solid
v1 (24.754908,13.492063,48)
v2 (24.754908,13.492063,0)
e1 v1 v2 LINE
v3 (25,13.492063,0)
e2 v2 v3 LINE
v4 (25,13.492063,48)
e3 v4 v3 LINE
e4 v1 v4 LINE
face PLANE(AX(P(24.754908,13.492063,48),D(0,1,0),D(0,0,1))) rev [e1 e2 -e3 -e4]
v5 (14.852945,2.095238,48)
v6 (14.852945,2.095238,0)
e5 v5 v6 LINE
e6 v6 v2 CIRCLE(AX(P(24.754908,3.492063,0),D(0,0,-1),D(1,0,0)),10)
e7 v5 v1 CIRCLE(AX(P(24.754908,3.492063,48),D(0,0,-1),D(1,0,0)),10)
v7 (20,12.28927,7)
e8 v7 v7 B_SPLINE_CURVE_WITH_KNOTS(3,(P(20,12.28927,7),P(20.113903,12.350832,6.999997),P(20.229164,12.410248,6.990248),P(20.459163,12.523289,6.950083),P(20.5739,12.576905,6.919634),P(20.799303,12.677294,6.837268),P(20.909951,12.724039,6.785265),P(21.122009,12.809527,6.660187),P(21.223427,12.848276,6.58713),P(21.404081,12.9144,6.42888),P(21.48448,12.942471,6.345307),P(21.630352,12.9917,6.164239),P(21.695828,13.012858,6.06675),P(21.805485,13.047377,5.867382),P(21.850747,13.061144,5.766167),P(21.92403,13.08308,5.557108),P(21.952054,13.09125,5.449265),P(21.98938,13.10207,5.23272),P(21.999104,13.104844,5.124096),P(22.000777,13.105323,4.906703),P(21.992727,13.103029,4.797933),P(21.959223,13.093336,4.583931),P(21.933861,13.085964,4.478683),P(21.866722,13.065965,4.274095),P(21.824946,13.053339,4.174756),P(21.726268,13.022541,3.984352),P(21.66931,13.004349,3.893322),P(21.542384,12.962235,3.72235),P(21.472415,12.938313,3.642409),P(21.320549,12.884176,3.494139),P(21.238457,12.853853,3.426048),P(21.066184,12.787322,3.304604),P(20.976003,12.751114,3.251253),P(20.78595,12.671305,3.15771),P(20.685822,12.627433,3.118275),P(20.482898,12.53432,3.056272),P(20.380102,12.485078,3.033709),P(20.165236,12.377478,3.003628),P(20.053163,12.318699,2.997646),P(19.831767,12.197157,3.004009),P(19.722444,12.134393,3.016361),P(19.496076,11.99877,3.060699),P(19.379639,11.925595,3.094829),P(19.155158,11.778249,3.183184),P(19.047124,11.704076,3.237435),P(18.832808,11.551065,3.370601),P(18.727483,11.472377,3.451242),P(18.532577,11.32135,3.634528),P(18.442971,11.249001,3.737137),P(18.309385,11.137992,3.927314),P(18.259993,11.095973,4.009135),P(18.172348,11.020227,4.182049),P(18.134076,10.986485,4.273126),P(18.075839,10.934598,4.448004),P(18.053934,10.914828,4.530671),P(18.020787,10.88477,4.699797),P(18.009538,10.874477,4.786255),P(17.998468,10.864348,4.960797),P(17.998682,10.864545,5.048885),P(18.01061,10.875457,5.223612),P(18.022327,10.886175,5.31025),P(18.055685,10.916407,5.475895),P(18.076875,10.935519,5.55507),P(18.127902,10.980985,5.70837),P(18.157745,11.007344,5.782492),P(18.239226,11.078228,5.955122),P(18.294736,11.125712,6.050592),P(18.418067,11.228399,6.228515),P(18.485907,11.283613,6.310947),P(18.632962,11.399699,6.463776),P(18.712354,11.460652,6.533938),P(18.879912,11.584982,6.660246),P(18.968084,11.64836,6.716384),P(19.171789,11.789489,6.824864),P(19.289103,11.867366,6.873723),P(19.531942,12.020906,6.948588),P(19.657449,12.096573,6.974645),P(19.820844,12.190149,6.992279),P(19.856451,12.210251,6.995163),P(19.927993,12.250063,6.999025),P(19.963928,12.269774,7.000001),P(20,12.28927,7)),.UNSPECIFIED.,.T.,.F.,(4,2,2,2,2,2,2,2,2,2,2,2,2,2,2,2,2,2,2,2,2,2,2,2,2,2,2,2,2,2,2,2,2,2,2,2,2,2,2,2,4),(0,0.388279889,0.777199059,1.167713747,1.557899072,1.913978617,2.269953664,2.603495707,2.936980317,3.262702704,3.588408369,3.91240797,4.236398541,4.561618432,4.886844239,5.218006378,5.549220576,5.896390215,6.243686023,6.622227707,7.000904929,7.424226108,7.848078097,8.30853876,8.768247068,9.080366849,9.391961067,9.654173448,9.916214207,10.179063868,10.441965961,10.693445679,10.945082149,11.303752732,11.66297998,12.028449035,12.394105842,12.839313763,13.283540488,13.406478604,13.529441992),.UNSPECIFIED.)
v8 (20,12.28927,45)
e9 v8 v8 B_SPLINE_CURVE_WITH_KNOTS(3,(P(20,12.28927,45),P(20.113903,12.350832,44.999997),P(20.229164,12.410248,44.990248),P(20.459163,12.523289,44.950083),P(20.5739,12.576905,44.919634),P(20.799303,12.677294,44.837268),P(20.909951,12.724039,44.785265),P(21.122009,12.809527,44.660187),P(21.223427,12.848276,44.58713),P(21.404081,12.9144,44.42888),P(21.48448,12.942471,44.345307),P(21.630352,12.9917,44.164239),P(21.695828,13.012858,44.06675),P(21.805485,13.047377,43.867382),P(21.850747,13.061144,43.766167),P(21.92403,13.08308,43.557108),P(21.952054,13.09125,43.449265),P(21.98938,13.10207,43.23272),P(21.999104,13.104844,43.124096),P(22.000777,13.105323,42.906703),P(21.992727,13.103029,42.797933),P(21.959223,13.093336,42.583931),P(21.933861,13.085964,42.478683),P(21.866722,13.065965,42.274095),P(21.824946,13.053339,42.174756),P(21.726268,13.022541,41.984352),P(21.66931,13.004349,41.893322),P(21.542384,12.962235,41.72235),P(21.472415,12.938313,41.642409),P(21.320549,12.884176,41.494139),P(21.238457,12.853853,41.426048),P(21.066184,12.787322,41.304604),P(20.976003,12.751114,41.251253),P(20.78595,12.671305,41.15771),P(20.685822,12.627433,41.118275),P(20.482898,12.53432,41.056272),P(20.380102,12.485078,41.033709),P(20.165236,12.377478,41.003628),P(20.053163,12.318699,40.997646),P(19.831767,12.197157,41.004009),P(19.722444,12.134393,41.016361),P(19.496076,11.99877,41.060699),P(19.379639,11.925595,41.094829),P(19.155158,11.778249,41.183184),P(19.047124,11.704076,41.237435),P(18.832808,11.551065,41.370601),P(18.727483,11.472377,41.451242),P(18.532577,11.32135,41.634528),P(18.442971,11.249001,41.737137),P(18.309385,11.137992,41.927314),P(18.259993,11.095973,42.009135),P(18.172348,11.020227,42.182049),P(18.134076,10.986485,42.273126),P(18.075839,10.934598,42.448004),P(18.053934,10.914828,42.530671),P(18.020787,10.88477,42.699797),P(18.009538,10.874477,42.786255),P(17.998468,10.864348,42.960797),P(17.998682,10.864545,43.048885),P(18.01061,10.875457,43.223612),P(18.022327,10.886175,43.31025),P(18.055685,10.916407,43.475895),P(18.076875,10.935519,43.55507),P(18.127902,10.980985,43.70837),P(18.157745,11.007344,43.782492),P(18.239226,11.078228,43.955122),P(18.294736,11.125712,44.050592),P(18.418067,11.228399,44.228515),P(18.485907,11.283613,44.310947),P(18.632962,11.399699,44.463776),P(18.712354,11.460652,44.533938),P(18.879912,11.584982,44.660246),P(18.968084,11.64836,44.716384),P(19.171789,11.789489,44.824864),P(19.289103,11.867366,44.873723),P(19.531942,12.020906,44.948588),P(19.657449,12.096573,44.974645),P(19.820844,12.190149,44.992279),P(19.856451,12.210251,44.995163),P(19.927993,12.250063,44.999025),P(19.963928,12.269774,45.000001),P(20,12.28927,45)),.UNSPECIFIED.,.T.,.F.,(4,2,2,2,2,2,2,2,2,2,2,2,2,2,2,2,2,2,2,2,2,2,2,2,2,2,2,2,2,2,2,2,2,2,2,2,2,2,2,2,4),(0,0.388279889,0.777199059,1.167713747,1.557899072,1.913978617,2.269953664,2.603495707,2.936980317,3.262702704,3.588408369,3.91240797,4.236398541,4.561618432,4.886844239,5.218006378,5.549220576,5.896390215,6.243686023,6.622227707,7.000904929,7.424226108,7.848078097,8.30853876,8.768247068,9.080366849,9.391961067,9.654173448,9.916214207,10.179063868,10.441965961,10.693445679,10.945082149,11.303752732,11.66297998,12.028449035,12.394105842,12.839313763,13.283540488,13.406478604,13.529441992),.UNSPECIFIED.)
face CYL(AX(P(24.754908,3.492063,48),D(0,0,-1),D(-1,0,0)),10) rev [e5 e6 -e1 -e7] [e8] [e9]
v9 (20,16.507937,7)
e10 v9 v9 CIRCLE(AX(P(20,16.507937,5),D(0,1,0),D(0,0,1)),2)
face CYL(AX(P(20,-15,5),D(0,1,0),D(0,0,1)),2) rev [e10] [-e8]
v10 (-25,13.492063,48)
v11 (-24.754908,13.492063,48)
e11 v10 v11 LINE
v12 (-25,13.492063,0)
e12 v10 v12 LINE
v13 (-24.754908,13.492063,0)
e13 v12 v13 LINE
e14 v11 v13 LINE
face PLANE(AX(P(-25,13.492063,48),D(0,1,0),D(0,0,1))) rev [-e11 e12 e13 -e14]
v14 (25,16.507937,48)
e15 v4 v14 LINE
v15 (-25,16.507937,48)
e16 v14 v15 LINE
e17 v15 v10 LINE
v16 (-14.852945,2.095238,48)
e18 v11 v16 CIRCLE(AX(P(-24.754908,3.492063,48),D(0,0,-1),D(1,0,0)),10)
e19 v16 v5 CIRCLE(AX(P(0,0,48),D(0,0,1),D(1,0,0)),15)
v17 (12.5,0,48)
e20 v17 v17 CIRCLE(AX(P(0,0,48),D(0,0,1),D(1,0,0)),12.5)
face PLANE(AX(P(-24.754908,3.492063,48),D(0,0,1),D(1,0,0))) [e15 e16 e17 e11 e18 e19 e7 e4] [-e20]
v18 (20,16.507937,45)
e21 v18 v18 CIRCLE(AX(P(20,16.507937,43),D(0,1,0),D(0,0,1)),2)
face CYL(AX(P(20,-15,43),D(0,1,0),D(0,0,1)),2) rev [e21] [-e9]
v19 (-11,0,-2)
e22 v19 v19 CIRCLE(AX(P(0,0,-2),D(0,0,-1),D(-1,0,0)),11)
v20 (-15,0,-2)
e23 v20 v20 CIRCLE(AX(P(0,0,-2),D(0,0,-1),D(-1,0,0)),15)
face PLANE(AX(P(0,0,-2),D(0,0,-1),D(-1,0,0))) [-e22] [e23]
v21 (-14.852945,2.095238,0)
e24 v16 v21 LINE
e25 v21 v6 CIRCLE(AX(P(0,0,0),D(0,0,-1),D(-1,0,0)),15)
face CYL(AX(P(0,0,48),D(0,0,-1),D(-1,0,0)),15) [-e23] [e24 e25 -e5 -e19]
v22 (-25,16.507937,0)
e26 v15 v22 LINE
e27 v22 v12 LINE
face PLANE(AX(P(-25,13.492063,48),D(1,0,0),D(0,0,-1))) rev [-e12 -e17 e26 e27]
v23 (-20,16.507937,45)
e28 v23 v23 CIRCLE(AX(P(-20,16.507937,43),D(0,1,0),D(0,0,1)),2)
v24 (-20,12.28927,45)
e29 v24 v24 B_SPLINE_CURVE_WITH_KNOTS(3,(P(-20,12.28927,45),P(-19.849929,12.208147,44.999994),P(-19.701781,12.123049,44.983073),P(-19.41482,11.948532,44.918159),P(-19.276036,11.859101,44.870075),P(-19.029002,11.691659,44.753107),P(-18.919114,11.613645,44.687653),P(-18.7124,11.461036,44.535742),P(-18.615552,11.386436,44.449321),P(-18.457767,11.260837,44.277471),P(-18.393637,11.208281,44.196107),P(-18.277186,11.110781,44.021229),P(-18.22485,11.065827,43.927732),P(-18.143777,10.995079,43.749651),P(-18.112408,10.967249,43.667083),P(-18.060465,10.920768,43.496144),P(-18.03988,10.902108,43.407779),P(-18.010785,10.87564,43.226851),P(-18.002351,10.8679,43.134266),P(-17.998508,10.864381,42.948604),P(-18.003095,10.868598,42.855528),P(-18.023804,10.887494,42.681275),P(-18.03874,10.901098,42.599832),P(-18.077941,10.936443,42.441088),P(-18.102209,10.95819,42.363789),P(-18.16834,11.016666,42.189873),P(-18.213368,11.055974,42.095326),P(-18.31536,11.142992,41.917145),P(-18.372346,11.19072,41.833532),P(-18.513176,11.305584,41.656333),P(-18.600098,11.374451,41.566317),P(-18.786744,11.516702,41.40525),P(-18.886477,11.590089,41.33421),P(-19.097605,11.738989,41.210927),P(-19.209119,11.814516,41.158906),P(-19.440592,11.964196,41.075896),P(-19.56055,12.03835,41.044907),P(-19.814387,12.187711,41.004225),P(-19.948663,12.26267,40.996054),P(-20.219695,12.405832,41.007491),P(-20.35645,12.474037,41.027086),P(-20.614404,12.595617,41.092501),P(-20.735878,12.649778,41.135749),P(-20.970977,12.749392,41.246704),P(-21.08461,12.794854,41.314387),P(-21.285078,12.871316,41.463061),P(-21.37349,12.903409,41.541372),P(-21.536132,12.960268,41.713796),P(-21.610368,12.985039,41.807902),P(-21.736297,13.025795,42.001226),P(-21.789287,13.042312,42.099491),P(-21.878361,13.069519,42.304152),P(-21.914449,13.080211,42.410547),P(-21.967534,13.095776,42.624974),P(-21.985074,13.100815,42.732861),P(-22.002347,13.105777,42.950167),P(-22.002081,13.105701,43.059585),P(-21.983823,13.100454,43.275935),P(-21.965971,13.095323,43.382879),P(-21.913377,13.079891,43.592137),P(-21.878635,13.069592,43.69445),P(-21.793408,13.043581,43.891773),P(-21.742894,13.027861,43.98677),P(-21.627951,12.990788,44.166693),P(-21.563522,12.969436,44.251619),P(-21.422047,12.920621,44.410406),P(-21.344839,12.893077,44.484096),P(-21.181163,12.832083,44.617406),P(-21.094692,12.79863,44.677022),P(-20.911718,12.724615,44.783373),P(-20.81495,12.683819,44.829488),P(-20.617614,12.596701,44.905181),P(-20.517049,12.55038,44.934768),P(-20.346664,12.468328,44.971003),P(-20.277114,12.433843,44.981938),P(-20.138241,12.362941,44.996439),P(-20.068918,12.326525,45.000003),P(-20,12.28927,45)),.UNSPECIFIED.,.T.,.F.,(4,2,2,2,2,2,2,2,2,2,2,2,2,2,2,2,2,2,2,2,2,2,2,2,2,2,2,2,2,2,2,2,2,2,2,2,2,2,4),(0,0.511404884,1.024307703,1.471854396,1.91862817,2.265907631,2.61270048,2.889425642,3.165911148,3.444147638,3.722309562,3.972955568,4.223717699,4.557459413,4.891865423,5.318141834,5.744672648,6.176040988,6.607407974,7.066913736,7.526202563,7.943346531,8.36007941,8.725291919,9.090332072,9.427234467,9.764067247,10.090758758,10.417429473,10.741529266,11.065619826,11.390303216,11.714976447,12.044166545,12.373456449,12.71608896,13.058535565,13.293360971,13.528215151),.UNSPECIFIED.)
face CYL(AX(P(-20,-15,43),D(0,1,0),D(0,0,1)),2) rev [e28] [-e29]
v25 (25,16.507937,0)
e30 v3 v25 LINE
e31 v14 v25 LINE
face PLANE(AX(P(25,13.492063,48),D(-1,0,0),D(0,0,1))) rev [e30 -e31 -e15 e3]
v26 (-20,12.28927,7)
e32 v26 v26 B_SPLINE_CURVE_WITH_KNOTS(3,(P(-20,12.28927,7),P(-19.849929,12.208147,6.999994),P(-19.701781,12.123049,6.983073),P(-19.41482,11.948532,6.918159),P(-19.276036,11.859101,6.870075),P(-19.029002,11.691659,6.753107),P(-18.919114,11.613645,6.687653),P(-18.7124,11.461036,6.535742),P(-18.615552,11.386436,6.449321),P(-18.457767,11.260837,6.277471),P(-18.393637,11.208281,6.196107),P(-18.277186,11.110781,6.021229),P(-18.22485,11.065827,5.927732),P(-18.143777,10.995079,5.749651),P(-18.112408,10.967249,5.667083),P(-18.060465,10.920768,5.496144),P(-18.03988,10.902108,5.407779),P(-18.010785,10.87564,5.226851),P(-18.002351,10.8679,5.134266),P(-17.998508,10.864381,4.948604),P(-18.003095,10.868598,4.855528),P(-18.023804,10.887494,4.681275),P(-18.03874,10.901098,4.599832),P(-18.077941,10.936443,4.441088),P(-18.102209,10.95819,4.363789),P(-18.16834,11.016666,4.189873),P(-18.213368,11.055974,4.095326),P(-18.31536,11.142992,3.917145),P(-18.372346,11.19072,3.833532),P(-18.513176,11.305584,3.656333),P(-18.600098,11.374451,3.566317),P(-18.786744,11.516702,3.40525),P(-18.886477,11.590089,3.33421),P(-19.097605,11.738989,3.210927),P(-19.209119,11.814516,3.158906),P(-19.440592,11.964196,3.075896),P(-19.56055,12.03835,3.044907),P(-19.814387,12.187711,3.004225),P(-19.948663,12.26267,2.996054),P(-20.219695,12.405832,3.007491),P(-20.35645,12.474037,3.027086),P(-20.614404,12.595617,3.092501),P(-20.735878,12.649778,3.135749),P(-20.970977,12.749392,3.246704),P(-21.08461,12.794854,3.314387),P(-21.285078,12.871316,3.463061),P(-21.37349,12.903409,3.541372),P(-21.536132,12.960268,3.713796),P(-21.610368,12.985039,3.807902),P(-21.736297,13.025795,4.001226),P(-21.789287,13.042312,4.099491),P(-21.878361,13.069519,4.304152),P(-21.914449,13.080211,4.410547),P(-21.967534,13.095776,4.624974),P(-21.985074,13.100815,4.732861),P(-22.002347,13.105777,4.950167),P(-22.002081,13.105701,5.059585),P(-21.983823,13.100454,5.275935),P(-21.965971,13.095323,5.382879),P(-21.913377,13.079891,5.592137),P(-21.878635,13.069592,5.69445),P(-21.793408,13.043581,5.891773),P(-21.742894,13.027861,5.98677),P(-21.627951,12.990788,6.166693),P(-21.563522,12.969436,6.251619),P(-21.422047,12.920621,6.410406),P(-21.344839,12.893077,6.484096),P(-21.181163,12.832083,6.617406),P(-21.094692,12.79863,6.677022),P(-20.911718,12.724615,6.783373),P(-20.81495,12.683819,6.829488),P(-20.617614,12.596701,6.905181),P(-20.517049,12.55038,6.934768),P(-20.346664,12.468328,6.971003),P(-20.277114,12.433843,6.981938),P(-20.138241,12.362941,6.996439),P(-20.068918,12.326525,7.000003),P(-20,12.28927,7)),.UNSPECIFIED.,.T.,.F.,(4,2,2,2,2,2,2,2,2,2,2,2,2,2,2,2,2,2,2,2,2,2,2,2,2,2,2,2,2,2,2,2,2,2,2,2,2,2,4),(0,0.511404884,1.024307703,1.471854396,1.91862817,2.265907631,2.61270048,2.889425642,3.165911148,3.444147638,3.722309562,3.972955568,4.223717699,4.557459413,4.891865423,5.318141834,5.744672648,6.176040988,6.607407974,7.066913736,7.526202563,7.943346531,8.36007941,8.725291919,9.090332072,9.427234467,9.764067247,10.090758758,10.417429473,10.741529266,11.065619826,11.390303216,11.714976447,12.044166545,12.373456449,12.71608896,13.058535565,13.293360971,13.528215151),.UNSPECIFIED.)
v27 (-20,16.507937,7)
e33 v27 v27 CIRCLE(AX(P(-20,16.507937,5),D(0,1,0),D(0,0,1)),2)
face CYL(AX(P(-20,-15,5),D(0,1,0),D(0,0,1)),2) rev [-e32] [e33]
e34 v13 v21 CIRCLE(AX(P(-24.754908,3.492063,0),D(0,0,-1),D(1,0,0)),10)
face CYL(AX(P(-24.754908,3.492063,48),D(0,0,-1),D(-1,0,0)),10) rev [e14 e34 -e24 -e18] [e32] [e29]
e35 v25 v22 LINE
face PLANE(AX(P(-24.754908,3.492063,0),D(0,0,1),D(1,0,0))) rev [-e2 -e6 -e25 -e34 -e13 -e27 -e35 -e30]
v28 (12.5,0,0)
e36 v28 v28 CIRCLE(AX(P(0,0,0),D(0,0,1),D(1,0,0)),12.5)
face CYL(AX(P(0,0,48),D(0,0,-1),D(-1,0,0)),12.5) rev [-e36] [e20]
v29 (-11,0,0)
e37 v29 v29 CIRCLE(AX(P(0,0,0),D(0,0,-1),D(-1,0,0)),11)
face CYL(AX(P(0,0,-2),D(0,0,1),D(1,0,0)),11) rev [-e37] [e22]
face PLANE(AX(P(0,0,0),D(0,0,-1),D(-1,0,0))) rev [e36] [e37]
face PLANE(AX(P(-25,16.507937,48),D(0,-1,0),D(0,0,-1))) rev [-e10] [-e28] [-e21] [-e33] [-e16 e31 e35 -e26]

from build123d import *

# Parameters (mm, degrees)
SKETCH1_R           = 12.5
BOSS_EXTRUDE1_DEPTH = 48
BOSS_EXTRUDE3_START = 2
SKETCH3_R           = 15
SKETCH3_R_2         = 11
BOSS_EXTRUDE3_DEPTH = 2
SKETCH4_R           = 2
CUT_EXTRUDE1_DEPTH  = 63.623877738


with BuildPart() as part:
    # Sketch1 → Boss-Extrude1 (new body)
    with BuildSketch(Plane.XY):
        with BuildLine():
            Line((24.754908454, 13.492063492), (25, 13.492063492))
            Line((25, 13.492063492), (25, 16.507936508))
            Line((25, 16.507936508), (-25, 16.507936508))
            Line((-25, 16.507936508), (-25, 13.492063492))
            Line((-25, 13.492063492), (-24.754908454, 13.492063492))
            ThreePointArc((-24.754908454, 13.492063492), (-17.206125308, 10.050712211), (-14.852945072, 2.095238095))
            ThreePointArc((-14.852945072, 2.095238095), (0, -15), (14.852945072, 2.095238095))
            ThreePointArc((14.852945072, 2.095238095), (17.206125308, 10.050712211), (24.754908454, 13.492063492))
        make_face()
        Circle(SKETCH1_R, mode=Mode.SUBTRACT)
    extrude(amount=BOSS_EXTRUDE1_DEPTH)

    # Sketch3 → Boss-Extrude3 (add)
    with BuildSketch(Plane(origin=(0, 0, 0), x_dir=(-1, 0, 0), z_dir=(0, 0, -1)).offset(BOSS_EXTRUDE3_START)):
        Circle(SKETCH3_R)
        Circle(SKETCH3_R_2, mode=Mode.SUBTRACT)
    extrude(amount=-BOSS_EXTRUDE3_DEPTH)

    # Sketch4 → Cut-Extrude1 (cut, through all)
    with BuildSketch(Plane(origin=(0, 16.507936508, 0), x_dir=(1, 0, 0), z_dir=(0, 1, 0))):
        with Locations(Location((-20, -5, 0), (0, 0, 270))):
            Circle(SKETCH4_R)
        with Locations(Location((20, -5, 0), (0, 0, 270))):
            Circle(SKETCH4_R)
        with Locations(Location((20, -43, 0), (0, 0, 270))):
            Circle(SKETCH4_R)
        with Locations(Location((-20, -43, 0), (0, 0, 270))):
            Circle(SKETCH4_R)
    extrude(amount=-CUT_EXTRUDE1_DEPTH, mode=Mode.SUBTRACT)


solid = part.part
